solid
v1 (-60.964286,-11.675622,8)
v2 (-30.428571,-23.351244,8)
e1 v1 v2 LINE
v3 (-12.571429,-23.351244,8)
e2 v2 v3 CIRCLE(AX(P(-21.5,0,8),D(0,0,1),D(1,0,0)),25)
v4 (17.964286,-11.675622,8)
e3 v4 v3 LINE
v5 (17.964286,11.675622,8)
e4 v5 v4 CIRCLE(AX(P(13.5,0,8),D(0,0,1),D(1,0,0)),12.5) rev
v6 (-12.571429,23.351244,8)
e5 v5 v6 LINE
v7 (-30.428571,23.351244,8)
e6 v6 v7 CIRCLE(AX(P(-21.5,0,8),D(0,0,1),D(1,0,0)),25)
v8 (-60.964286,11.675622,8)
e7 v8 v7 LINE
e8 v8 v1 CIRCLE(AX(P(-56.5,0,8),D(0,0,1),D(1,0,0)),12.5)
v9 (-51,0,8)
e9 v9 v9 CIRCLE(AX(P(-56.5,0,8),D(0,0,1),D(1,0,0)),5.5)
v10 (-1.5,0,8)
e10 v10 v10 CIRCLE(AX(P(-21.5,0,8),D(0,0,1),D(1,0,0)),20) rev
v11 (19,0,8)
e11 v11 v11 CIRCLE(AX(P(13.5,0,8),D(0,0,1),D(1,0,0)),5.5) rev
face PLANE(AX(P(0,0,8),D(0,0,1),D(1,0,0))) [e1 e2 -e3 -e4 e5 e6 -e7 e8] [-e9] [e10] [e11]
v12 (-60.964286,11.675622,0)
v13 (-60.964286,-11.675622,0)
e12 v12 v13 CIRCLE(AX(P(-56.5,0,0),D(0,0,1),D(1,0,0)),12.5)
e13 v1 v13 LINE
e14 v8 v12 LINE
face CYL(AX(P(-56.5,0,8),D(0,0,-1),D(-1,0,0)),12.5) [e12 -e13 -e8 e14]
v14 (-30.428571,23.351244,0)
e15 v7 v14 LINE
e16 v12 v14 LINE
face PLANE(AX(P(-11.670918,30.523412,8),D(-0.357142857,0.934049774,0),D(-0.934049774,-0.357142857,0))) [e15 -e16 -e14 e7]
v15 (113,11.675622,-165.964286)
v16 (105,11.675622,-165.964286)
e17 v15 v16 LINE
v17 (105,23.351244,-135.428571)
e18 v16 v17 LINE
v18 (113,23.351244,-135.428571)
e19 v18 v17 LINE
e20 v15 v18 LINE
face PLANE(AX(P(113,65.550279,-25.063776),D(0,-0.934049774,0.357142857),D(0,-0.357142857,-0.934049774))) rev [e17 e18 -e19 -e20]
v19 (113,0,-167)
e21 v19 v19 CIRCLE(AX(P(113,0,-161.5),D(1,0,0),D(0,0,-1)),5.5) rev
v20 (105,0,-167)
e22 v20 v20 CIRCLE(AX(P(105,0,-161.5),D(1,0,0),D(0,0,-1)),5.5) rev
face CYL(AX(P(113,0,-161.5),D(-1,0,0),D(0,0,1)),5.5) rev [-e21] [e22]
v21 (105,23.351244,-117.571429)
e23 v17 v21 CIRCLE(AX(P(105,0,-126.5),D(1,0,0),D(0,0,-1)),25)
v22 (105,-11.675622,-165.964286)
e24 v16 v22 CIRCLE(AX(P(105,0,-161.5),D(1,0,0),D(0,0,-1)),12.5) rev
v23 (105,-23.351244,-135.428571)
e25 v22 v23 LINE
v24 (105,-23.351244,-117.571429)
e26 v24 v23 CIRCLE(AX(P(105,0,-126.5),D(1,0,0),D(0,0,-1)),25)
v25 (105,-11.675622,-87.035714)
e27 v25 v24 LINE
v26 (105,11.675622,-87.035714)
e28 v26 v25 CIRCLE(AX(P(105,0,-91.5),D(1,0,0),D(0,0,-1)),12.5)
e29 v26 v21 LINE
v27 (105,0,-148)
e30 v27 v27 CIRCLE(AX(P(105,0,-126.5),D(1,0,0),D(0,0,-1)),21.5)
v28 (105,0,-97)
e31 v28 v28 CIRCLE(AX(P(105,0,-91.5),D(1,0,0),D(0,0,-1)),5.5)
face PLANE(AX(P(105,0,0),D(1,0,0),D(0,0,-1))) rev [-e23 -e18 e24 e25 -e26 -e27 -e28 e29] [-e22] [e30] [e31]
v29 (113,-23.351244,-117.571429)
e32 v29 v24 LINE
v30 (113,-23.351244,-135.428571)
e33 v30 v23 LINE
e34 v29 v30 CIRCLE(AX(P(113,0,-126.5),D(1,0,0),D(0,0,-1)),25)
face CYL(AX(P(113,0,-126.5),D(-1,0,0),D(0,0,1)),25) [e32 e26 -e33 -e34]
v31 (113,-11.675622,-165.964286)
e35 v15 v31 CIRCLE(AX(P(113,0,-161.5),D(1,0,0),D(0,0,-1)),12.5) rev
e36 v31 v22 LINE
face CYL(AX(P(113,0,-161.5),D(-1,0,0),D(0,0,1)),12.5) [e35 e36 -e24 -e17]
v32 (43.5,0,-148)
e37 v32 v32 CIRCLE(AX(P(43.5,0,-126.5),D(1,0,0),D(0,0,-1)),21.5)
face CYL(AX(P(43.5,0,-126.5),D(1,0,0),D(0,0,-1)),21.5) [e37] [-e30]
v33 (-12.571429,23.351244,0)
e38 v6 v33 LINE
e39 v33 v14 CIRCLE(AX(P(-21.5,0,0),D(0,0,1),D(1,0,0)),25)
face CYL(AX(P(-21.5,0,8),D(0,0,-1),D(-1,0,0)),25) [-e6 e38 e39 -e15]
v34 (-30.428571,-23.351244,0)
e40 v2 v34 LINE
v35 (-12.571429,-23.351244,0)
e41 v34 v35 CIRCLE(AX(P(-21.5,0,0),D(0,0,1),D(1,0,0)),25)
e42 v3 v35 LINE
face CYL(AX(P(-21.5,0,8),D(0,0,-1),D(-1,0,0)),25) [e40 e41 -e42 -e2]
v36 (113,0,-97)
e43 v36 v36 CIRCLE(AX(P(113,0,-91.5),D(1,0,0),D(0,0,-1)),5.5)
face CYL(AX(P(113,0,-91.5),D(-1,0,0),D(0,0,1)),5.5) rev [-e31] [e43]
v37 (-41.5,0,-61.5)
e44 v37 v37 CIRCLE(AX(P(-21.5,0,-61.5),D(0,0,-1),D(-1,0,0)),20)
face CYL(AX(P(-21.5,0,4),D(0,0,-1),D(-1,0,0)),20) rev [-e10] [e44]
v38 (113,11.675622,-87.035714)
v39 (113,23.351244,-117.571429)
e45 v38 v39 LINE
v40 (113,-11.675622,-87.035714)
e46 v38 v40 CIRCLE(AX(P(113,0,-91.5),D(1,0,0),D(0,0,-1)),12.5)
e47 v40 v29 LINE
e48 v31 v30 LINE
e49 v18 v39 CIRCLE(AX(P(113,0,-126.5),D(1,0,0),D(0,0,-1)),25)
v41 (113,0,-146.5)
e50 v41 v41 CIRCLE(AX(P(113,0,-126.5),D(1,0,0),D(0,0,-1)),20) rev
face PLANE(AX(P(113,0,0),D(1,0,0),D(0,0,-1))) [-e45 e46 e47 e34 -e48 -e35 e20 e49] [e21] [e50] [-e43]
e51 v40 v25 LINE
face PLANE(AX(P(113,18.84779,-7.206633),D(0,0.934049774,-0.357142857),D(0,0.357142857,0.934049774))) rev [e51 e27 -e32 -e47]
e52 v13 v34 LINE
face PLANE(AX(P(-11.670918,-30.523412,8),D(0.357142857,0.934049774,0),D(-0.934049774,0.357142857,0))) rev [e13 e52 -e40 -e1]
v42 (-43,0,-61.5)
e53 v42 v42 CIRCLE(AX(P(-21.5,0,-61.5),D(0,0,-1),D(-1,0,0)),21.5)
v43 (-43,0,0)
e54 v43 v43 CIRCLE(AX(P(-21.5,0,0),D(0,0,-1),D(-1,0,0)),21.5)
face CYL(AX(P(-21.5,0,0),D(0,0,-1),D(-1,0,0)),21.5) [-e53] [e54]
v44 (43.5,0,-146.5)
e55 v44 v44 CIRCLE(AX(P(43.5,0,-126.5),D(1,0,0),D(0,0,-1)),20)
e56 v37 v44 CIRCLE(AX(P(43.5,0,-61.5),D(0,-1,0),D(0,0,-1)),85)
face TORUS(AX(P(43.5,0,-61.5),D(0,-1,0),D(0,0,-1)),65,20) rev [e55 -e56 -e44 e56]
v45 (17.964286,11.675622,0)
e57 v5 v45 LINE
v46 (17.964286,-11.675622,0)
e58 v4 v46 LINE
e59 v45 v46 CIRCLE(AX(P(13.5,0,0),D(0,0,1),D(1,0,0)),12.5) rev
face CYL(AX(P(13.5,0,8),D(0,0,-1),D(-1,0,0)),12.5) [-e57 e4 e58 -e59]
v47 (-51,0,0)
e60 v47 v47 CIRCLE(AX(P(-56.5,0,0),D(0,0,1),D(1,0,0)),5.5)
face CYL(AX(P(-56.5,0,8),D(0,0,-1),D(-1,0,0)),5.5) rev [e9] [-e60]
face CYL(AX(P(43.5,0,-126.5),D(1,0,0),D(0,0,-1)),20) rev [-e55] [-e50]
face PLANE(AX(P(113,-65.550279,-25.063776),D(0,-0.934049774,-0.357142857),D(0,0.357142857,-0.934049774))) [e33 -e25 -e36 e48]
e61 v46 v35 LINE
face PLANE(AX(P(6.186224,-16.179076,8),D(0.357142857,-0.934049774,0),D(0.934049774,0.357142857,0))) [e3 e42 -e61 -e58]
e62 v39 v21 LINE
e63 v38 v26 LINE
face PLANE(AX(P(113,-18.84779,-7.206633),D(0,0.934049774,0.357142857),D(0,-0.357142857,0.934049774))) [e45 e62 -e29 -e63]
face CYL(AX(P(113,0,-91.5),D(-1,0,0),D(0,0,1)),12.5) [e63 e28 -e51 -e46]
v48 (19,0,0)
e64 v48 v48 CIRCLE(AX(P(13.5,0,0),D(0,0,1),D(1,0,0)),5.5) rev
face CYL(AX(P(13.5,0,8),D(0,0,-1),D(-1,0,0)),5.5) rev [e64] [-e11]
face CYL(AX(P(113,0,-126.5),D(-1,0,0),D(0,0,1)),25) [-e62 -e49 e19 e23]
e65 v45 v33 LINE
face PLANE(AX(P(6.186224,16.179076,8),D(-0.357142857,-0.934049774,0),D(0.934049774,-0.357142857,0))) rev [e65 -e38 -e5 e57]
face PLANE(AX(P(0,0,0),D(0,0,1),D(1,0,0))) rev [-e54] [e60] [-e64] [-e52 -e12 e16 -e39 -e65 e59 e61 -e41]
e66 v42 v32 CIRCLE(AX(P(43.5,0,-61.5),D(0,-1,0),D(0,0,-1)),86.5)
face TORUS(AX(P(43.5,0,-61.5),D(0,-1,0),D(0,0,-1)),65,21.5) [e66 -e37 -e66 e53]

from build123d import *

# Parameters (mm, degrees)
SWEEP3_PROFILE_R     = 21.5
CUT_SWEEP1_PROFILE_R = 20
SKETCH23_R           = 5.5
SKETCH23_R_2         = 20
BOSS_EXTRUDE2_DEPTH  = 8
BOSS_EXTRUDE3_START  = 8
SKETCH26_R           = 5.5
SKETCH26_R_2         = 20
BOSS_EXTRUDE3_DEPTH  = 8


with BuildPart() as part:
    # Sweep3: sweep along a path in Sketch1
    with BuildLine(Plane(origin=(0, 0, 0), x_dir=(1, 0, 0), z_dir=(0, 1, 0))) as sweep3_path:
        Line((105, 126.5), (43.5, 126.5))
        ThreePointArc((43.5, 126.5), (-2.461940777, 107.461940777), (-21.5, 61.5))
        Line((-21.5, 61.5), (-21.5, 0))
    # Sweep3 profile (on start of the path) → Sweep3 (sweep)
    with BuildSketch(Plane(origin=(105, 0, -126.5), x_dir=(0, 0, -1), z_dir=(-1, 0, 0))):
        Circle(SWEEP3_PROFILE_R)
    sweep(path=sweep3_path.line)

    # Cut-Sweep1: sweep along a path in Sketch1<5>
    with BuildLine(Plane(origin=(0, 0, 0), x_dir=(1, 0, 0), z_dir=(0, 1, 0))) as cut_sweep1_path:
        Line((105, 126.5), (43.5, 126.5))
        ThreePointArc((43.5, 126.5), (-2.461940777, 107.461940777), (-21.5, 61.5))
        Line((-21.5, 61.5), (-21.5, 0))
    # Cut-Sweep1 profile (on start of the path) → Cut-Sweep1 (sweep, cut)
    with BuildSketch(Plane(origin=(105, 0, -126.5), x_dir=(0, 0, -1), z_dir=(-1, 0, 0))):
        Circle(CUT_SWEEP1_PROFILE_R)
    sweep(path=cut_sweep1_path.line, mode=Mode.SUBTRACT)

    # Sketch23 → Boss-Extrude2 (add)
    with BuildSketch(Plane(origin=(105, 0, 0), x_dir=(0, 0, -1), z_dir=(1, 0, 0))):
        with BuildLine():
            Line((117.571428571, 23.35124434), (87.035714286, 11.67562217))
            ThreePointArc((87.035714286, 11.67562217), (79, 0), (87.035714286, -11.67562217))
            Line((87.035714286, -11.67562217), (117.571428571, -23.35124434))
            ThreePointArc((117.571428571, -23.35124434), (126.5, -25), (135.428571429, -23.35124434))
            Line((135.428571429, -23.35124434), (165.964285714, -11.67562217))
            ThreePointArc((165.964285714, -11.67562217), (174, 0), (165.964285714, 11.67562217))
            Line((165.964285714, 11.67562217), (135.428571429, 23.35124434))
            ThreePointArc((135.428571429, 23.35124434), (126.5, 25), (117.571428571, 23.35124434))
        make_face()
        with Locations((91.5, 0)):
            Circle(SKETCH23_R, mode=Mode.SUBTRACT)
        with Locations((161.5, 0)):
            Circle(SKETCH23_R, mode=Mode.SUBTRACT)
        with Locations((126.5, 0)):
            Circle(SKETCH23_R_2, mode=Mode.SUBTRACT)
    extrude(amount=BOSS_EXTRUDE2_DEPTH)

    # Sketch26 → Boss-Extrude3 (add)
    with BuildSketch(Plane.XY.offset(BOSS_EXTRUDE3_START)):
        with BuildLine():
            Line((-30.428571429, 23.35124434), (-60.964285714, 11.67562217))
            ThreePointArc((-60.964285714, 11.67562217), (-69, 0), (-60.964285714, -11.67562217))
            Line((-60.964285714, -11.67562217), (-30.428571429, -23.35124434))
            ThreePointArc((-30.428571429, -23.35124434), (-21.5, -25), (-12.571428571, -23.35124434))
            Line((-12.571428571, -23.35124434), (17.964285714, -11.67562217))
            ThreePointArc((17.964285714, -11.67562217), (26, 0), (17.964285714, 11.67562217))
            Line((17.964285714, 11.67562217), (-12.571428571, 23.35124434))
            ThreePointArc((-12.571428571, 23.35124434), (-21.5, 25), (-30.428571429, 23.35124434))
        make_face()
        with Locations((-56.5, 0)):
            Circle(SKETCH26_R, mode=Mode.SUBTRACT)
        with Locations((13.5, 0)):
            Circle(SKETCH26_R, mode=Mode.SUBTRACT)
        with Locations((-21.5, 0)):
            Circle(SKETCH26_R_2, mode=Mode.SUBTRACT)
    extrude(amount=-BOSS_EXTRUDE3_DEPTH)


solid = part.part
